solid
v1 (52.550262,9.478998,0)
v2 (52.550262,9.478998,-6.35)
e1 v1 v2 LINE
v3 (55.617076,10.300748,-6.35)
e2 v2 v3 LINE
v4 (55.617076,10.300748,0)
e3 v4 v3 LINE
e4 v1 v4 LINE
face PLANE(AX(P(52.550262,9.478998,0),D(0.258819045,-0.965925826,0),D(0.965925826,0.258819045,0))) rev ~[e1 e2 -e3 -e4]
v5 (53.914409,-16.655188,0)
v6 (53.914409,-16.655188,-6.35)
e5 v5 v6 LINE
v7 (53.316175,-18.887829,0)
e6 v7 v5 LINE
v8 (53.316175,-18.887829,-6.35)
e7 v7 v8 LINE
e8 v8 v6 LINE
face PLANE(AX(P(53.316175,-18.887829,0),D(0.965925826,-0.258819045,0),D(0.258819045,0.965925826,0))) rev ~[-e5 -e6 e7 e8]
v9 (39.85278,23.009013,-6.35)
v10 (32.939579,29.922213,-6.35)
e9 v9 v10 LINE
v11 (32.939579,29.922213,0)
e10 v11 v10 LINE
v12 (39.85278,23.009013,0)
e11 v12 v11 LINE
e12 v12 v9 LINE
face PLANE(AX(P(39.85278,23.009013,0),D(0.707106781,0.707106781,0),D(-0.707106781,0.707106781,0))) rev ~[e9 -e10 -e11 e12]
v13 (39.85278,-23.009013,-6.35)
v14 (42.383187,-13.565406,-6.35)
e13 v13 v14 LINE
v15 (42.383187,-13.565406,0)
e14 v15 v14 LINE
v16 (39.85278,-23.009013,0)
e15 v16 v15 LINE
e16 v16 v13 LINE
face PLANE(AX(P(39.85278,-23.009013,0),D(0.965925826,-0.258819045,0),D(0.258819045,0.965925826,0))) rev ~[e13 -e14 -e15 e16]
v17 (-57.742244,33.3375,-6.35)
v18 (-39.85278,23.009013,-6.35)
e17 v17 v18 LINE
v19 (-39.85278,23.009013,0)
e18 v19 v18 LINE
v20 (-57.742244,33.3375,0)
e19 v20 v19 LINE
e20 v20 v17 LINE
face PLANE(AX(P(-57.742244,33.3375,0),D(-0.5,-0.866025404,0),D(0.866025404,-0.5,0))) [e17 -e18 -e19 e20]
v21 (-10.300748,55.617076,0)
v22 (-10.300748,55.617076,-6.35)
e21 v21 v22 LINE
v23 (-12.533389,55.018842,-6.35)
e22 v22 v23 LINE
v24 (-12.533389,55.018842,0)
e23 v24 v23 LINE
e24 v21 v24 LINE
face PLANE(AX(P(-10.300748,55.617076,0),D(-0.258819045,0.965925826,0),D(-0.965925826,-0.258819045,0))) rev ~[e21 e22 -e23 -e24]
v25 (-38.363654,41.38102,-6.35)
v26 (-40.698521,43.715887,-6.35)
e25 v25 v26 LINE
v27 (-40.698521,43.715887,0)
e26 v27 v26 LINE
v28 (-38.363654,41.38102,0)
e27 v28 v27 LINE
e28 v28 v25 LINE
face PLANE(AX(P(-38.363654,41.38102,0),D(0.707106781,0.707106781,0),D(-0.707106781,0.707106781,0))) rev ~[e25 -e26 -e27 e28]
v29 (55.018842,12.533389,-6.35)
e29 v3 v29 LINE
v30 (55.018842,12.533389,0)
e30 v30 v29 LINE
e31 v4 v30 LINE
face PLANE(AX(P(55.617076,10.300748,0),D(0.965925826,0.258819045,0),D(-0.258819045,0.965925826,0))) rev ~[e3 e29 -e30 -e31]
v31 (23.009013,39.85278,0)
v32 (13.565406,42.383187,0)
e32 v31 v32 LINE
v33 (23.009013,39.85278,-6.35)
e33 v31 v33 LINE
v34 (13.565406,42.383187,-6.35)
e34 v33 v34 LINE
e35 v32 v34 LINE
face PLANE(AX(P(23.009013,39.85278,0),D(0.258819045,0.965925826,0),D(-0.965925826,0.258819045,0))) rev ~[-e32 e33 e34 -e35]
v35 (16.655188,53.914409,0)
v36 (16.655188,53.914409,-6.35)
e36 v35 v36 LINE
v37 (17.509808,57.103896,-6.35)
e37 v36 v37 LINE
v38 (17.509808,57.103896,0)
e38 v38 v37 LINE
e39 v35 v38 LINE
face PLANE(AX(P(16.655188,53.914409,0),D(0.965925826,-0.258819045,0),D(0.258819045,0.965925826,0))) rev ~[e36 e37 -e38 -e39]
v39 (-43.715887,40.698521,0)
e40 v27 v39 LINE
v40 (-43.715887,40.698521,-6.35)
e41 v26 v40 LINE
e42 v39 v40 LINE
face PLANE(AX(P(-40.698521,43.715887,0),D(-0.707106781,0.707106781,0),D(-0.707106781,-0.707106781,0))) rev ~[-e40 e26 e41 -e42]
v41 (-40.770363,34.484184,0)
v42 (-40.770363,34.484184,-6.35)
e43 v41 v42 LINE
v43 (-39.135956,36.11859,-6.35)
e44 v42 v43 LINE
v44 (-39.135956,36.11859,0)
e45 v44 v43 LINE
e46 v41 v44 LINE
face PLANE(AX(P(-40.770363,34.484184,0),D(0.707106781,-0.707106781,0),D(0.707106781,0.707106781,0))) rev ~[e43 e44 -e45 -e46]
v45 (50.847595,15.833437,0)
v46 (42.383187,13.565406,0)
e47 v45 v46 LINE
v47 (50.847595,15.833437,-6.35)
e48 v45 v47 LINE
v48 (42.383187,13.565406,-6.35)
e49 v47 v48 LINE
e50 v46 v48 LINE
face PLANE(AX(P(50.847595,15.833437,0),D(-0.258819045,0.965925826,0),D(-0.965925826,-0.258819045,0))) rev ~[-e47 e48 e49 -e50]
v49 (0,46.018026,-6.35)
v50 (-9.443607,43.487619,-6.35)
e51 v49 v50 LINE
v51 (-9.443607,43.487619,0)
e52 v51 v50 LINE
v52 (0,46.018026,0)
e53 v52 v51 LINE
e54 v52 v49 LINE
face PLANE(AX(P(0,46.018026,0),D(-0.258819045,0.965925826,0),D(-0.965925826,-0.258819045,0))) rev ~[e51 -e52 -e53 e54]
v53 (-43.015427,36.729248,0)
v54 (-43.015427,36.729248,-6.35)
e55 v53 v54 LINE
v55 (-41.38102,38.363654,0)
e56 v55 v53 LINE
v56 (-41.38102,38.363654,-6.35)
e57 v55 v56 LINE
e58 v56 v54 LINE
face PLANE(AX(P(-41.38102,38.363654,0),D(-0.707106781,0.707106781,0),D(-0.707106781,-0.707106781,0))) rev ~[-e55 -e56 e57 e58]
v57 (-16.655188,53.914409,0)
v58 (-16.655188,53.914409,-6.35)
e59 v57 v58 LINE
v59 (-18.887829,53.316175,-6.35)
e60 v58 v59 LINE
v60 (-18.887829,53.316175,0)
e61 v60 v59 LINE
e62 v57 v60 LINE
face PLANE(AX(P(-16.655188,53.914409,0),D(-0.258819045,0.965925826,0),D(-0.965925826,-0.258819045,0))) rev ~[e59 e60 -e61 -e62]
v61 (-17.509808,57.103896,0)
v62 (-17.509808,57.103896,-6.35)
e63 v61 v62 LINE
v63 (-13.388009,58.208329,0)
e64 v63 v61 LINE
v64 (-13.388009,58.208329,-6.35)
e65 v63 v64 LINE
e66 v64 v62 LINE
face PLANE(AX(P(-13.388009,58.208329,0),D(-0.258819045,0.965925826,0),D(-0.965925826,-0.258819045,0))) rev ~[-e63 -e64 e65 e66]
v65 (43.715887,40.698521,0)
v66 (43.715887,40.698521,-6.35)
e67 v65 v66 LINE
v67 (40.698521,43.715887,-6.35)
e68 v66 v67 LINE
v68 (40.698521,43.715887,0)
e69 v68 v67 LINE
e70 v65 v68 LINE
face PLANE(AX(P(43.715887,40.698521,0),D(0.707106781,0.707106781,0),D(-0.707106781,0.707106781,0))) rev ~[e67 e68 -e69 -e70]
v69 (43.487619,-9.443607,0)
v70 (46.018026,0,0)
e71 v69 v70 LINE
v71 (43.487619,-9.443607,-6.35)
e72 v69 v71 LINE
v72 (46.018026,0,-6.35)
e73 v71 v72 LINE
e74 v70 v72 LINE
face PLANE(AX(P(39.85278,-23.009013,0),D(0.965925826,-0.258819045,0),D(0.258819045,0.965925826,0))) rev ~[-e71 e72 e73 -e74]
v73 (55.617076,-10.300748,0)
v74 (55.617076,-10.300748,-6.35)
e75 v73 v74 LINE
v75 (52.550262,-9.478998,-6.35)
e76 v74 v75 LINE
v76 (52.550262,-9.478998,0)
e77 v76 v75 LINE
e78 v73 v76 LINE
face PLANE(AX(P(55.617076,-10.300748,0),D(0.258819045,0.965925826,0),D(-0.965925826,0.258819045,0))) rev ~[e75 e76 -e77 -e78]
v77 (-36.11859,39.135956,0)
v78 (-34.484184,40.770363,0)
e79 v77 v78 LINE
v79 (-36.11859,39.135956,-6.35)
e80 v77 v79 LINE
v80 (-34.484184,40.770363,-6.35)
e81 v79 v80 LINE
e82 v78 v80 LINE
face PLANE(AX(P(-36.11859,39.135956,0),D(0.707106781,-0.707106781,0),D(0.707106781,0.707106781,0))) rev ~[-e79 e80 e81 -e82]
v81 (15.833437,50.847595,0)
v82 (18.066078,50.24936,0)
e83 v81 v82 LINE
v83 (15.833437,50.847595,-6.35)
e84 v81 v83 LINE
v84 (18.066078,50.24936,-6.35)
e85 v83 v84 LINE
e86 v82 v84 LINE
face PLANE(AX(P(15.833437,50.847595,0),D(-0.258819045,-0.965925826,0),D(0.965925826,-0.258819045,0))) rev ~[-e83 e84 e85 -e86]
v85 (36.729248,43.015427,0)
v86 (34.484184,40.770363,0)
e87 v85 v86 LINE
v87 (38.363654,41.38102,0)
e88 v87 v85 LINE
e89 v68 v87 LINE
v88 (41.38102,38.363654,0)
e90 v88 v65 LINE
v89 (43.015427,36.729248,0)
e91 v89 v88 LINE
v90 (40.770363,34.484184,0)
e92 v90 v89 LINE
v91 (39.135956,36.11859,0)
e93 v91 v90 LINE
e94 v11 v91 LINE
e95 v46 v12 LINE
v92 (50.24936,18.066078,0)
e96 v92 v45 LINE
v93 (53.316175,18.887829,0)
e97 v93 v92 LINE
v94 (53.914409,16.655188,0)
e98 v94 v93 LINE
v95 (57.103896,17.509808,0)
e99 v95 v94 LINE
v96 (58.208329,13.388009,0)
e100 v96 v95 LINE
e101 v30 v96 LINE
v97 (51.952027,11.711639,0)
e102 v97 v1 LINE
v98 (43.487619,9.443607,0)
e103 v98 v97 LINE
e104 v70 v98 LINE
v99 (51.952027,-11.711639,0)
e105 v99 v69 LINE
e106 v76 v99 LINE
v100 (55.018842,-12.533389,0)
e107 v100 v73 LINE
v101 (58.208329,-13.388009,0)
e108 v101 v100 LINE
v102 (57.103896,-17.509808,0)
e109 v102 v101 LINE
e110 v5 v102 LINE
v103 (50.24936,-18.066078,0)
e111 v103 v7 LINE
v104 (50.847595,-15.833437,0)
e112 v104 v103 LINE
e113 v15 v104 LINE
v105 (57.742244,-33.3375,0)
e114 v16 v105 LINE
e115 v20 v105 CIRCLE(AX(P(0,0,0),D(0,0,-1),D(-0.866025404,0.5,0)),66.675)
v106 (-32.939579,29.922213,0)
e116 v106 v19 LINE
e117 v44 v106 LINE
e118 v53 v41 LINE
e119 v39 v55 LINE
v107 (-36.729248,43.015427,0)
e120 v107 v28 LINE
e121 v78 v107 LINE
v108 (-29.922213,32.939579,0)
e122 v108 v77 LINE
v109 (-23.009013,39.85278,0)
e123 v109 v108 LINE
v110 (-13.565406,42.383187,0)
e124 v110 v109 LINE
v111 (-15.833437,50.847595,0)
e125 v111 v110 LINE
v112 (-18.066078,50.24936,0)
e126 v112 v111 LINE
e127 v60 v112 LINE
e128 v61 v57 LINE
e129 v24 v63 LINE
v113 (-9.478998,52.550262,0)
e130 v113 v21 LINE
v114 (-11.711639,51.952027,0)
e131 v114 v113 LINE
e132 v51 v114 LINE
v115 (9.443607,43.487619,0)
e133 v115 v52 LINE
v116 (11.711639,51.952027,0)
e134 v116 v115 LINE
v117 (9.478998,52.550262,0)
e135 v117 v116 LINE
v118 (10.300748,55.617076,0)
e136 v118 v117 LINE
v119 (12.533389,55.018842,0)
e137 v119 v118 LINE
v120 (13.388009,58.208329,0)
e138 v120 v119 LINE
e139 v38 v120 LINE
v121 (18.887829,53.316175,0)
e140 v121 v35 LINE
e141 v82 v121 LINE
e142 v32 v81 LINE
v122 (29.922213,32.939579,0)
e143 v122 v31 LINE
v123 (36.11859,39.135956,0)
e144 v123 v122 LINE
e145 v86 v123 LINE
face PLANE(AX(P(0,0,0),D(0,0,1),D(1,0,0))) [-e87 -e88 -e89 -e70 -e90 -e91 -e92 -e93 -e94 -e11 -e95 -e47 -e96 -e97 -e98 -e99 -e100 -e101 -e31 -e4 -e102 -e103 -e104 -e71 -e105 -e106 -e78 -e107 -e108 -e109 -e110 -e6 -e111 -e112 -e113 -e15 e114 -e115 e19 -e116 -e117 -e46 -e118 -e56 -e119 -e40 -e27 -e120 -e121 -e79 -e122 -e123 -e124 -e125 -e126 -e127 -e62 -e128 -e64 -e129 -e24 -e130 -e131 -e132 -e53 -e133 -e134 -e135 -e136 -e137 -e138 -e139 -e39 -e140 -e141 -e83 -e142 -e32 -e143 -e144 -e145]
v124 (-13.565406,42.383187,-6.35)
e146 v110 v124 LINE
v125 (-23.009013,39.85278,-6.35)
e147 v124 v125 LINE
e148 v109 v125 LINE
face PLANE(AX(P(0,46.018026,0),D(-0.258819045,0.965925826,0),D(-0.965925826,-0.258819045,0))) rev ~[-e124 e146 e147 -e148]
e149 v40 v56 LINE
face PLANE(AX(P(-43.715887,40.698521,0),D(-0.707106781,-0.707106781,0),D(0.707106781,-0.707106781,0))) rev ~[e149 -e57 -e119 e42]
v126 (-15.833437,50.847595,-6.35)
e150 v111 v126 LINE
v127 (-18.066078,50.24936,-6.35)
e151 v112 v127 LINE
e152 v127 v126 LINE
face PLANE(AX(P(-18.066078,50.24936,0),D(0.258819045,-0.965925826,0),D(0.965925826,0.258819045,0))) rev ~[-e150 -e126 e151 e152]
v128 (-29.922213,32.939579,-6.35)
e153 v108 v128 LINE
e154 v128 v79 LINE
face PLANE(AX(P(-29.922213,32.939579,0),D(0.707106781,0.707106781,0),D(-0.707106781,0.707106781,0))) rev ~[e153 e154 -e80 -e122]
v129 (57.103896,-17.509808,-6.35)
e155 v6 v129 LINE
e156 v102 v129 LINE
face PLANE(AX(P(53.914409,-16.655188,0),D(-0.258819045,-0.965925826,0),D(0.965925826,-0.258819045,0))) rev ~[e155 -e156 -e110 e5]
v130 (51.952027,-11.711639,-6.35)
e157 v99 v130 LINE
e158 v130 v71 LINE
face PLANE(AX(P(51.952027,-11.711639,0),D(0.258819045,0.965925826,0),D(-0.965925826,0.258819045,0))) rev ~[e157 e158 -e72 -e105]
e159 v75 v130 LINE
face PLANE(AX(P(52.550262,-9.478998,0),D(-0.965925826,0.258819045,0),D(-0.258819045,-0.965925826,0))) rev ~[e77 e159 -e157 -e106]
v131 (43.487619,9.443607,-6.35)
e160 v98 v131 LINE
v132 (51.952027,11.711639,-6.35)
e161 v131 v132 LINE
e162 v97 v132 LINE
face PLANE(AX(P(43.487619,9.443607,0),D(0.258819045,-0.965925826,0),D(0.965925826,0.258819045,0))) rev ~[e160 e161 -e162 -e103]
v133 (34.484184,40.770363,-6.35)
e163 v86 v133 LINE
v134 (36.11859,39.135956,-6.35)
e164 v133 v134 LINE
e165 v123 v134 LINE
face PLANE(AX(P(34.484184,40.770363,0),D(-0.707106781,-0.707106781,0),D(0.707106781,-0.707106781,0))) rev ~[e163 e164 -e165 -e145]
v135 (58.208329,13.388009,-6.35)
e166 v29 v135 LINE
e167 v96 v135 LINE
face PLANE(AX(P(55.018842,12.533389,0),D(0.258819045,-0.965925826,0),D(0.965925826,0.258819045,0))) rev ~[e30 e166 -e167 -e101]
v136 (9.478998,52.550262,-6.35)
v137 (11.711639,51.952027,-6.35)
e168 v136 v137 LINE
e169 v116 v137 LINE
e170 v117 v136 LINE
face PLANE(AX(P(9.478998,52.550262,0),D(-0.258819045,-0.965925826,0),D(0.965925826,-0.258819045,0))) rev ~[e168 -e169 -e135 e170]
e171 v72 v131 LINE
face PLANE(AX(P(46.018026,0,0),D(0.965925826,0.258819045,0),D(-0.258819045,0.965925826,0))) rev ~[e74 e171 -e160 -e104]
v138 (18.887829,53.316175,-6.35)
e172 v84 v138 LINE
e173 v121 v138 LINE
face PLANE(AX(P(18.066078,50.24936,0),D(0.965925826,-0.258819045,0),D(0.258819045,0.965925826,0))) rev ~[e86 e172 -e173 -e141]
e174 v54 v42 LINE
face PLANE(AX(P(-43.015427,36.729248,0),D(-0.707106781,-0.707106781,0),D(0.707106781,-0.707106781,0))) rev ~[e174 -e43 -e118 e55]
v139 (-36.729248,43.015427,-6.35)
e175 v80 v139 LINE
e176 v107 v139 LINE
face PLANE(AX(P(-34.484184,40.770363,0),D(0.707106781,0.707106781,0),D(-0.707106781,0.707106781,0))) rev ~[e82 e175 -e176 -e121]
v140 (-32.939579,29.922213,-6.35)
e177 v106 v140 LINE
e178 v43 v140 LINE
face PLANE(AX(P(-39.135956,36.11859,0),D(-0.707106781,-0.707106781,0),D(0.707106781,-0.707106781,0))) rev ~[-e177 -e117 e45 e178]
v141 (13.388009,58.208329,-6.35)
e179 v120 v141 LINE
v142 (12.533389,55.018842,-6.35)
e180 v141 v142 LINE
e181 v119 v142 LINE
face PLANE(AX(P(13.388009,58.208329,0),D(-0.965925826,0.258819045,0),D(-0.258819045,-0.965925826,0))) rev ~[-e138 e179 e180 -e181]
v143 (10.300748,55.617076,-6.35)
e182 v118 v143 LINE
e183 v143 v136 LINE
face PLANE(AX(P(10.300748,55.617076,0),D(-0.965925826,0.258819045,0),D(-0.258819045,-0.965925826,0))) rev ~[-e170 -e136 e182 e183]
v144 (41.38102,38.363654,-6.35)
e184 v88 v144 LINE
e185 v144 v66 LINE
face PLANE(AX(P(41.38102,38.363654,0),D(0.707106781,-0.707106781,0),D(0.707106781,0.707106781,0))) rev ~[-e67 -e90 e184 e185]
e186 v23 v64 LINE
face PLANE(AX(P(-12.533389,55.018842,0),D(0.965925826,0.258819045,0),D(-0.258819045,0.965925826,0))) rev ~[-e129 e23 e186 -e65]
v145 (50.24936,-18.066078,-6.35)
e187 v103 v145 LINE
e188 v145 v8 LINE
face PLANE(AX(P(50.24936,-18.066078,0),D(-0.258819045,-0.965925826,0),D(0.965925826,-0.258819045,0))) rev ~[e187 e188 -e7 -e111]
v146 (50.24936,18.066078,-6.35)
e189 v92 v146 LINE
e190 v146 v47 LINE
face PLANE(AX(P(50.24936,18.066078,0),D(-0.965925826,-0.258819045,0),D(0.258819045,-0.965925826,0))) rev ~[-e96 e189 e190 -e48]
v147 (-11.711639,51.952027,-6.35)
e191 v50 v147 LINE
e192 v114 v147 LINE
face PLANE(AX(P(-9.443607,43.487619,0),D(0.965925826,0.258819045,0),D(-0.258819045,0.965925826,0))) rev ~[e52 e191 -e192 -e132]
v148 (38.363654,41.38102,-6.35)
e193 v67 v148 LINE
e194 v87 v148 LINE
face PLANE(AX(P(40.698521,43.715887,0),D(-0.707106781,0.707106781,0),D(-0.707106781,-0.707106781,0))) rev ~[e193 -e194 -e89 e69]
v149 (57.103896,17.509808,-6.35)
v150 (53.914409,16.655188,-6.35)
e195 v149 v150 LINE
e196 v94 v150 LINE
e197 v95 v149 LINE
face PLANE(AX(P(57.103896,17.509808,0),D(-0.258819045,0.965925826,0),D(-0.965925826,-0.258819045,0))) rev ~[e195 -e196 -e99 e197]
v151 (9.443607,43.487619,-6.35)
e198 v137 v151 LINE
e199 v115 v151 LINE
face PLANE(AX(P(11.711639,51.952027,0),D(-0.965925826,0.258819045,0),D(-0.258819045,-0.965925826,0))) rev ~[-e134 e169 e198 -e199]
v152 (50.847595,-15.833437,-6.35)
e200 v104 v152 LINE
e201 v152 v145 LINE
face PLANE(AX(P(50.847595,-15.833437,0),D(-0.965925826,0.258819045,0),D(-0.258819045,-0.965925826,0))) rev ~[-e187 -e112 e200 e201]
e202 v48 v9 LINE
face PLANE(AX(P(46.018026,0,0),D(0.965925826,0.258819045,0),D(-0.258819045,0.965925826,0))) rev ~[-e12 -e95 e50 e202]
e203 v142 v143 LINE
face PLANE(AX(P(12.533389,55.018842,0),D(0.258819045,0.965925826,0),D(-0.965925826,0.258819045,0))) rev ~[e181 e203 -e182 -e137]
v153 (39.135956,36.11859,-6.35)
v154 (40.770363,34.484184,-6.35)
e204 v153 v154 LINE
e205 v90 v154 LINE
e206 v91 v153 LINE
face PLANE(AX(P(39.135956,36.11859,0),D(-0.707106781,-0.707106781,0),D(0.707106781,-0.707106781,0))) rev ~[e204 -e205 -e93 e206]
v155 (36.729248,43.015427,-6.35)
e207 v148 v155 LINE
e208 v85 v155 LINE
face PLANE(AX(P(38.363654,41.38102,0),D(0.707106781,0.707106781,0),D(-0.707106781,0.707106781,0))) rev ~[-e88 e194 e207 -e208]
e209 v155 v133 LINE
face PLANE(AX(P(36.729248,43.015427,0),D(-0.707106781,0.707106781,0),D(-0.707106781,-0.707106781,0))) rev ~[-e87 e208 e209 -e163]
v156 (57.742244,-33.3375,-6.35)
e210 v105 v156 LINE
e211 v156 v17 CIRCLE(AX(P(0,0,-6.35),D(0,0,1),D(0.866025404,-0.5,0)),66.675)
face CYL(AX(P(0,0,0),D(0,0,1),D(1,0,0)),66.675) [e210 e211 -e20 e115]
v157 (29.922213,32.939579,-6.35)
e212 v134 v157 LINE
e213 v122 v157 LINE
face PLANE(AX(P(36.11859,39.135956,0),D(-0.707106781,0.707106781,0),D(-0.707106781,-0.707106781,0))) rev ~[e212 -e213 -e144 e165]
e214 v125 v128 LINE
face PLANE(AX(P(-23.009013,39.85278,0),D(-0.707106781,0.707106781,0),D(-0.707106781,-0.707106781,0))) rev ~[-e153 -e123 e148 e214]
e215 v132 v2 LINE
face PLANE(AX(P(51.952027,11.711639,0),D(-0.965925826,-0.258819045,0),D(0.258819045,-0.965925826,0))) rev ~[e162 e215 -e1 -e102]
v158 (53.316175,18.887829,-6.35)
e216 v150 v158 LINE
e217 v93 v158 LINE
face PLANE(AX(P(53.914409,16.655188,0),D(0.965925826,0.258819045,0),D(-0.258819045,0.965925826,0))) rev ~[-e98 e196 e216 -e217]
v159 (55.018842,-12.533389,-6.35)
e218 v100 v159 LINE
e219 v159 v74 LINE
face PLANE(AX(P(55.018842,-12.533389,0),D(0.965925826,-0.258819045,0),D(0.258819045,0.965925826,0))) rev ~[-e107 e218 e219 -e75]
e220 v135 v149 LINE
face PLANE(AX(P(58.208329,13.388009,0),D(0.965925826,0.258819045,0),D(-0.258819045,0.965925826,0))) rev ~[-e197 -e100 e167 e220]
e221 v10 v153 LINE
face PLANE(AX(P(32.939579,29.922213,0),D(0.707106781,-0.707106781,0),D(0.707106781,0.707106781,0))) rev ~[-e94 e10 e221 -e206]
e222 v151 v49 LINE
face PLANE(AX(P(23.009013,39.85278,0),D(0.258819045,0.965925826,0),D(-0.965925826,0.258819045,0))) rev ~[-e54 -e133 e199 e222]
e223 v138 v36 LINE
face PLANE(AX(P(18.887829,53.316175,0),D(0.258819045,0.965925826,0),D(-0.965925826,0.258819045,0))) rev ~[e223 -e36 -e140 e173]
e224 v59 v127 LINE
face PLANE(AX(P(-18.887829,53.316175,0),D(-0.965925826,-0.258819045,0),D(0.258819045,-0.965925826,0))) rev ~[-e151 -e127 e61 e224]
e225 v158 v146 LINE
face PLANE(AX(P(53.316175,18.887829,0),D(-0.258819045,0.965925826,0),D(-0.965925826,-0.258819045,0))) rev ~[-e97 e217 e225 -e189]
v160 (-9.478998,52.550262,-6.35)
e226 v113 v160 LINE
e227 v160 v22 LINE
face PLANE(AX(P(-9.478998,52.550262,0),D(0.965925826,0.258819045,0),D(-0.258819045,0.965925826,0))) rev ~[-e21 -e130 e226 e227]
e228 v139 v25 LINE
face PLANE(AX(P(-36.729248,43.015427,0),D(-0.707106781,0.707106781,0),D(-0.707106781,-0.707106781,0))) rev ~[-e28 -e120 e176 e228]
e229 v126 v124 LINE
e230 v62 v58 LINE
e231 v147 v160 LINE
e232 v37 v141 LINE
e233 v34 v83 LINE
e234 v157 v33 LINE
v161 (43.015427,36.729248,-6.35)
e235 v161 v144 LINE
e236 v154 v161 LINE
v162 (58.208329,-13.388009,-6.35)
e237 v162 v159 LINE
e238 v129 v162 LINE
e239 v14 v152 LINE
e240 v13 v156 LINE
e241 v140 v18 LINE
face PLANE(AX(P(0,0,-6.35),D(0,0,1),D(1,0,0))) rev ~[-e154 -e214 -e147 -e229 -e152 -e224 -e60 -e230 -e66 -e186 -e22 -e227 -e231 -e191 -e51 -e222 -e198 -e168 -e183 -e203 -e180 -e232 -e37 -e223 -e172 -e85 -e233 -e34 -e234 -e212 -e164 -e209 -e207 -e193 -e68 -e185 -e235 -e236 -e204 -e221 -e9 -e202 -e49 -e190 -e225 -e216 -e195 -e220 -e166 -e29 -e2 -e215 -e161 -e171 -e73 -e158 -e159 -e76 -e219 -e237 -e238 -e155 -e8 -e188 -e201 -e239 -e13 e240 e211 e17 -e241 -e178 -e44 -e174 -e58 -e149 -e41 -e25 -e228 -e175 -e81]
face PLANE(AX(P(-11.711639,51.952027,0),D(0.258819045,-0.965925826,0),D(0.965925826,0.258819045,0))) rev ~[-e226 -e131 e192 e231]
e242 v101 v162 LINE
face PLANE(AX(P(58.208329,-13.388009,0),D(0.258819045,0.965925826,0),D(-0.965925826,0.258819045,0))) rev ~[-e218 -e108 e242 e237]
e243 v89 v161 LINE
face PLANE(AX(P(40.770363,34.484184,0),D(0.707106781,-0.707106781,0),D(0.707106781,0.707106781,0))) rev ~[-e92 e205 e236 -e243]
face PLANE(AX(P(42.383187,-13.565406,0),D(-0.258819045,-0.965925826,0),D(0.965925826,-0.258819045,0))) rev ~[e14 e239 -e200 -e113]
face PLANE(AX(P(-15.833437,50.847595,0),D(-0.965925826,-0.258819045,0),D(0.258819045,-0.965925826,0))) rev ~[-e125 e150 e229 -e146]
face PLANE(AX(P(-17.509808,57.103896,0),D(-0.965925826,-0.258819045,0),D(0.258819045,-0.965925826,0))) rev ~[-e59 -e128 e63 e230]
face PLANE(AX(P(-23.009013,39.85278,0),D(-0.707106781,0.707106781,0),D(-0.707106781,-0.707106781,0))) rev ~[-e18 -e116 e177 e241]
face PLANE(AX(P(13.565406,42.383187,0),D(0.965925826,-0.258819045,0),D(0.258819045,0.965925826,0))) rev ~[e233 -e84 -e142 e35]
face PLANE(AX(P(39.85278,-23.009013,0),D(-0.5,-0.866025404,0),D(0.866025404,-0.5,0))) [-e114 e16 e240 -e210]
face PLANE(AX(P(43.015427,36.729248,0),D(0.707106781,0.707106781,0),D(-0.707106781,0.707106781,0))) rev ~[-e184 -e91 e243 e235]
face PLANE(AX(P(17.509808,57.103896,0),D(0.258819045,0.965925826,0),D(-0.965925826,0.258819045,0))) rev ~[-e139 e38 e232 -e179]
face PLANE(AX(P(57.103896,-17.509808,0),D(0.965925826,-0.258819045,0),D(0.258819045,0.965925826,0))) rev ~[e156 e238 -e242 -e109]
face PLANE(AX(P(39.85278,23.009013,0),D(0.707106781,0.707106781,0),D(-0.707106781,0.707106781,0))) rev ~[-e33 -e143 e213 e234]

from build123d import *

# Parameters (mm, degrees)
SKETCH1_R           = 66.675
BOSS_EXTRUDE1_DEPTH = 6.35
CUT_EXTRUDE1_DEPTH  = 95.50626302
CIRPATTERN1_COUNT   = 6
CIRPATTERN1_ANGLE   = 150
CUT_EXTRUDE2_START  = -6.35
CUT_EXTRUDE2_DEPTH  = 6.35


with BuildPart() as part:
    # Sketch1 → Boss-Extrude1 (new body)
    with BuildSketch(Plane.XY):
        Circle(SKETCH1_R)
        Polygon((0, 46.018026219), (-23.00901311, 39.852779738), (-39.852779738, 23.00901311), (-46.018026219, 0), (-39.852779738, -23.00901311), (-23.00901311, -39.852779738), (0, -46.018026219), (23.00901311, -39.852779738), (39.852779738, -23.00901311), (46.018026219, 0), (39.852779738, 23.00901311), (23.00901311, 39.852779738), align=None, mode=Mode.SUBTRACT)
    extrude(amount=-BOSS_EXTRUDE1_DEPTH)

    # Sketch2 → Cut-Extrude1 (cut, through all)
    with BuildSketch(Plane.XY):
        Polygon((43.487619293, -9.443607212), (42.383186664, -13.565405898), (50.84759468, -15.83343719), (50.249360339, -18.066078145), (53.316174837, -18.887828613), (53.914409178, -16.655187658), (57.103896257, -17.509808145), (58.208328886, -13.388009459), (55.018841807, -12.533388972), (55.617076148, -10.300748017), (52.55026165, -9.478997549), (51.952027309, -11.711638504), align=None)
    cut_extrude1 = extrude(amount=-CUT_EXTRUDE1_DEPTH, mode=Mode.SUBTRACT)

    # CirPattern1: Cut-Extrude1 ×6 about axis
    cirpattern1_axis = Axis((0, 0, 0), (0, 0, 1))
    for i in range(1, CIRPATTERN1_COUNT):
        add(cut_extrude1.rotate(cirpattern1_axis, i * CIRPATTERN1_ANGLE / (CIRPATTERN1_COUNT - 1)), mode=Mode.SUBTRACT)

    # Sketch3 → Cut-Extrude2 (cut)
    with BuildSketch(Plane(origin=(0, 0, -6.35), x_dir=(-1, 0, 0), z_dir=(0, 0, -1)).offset(CUT_EXTRUDE2_START)):
        with BuildLine():
            Line((-39.852779738, -23.00901311), (-57.742243797, -33.3375))
            ThreePointArc((-57.742243797, -33.3375), (17.256759832, -64.403104468), (66.675, 0))
            ThreePointArc((66.675, 0), (64.403104468, 17.256759832), (57.742243797, 33.3375))
            Line((57.742243797, 33.3375), (39.852779738, 23.00901311))
            Line((39.852779738, 23.00901311), (46.018026219, 0))
            Line((46.018026219, 0), (39.852779738, -23.00901311))
            Line((39.852779738, -23.00901311), (23.00901311, -39.852779738))
            Line((23.00901311, -39.852779738), (0, -46.018026219))
            Line((0, -46.018026219), (-23.00901311, -39.852779738))
            Line((-23.00901311, -39.852779738), (-39.852779738, -23.00901311))
        make_face()
    extrude(amount=CUT_EXTRUDE2_DEPTH, mode=Mode.SUBTRACT)


solid = part.part
